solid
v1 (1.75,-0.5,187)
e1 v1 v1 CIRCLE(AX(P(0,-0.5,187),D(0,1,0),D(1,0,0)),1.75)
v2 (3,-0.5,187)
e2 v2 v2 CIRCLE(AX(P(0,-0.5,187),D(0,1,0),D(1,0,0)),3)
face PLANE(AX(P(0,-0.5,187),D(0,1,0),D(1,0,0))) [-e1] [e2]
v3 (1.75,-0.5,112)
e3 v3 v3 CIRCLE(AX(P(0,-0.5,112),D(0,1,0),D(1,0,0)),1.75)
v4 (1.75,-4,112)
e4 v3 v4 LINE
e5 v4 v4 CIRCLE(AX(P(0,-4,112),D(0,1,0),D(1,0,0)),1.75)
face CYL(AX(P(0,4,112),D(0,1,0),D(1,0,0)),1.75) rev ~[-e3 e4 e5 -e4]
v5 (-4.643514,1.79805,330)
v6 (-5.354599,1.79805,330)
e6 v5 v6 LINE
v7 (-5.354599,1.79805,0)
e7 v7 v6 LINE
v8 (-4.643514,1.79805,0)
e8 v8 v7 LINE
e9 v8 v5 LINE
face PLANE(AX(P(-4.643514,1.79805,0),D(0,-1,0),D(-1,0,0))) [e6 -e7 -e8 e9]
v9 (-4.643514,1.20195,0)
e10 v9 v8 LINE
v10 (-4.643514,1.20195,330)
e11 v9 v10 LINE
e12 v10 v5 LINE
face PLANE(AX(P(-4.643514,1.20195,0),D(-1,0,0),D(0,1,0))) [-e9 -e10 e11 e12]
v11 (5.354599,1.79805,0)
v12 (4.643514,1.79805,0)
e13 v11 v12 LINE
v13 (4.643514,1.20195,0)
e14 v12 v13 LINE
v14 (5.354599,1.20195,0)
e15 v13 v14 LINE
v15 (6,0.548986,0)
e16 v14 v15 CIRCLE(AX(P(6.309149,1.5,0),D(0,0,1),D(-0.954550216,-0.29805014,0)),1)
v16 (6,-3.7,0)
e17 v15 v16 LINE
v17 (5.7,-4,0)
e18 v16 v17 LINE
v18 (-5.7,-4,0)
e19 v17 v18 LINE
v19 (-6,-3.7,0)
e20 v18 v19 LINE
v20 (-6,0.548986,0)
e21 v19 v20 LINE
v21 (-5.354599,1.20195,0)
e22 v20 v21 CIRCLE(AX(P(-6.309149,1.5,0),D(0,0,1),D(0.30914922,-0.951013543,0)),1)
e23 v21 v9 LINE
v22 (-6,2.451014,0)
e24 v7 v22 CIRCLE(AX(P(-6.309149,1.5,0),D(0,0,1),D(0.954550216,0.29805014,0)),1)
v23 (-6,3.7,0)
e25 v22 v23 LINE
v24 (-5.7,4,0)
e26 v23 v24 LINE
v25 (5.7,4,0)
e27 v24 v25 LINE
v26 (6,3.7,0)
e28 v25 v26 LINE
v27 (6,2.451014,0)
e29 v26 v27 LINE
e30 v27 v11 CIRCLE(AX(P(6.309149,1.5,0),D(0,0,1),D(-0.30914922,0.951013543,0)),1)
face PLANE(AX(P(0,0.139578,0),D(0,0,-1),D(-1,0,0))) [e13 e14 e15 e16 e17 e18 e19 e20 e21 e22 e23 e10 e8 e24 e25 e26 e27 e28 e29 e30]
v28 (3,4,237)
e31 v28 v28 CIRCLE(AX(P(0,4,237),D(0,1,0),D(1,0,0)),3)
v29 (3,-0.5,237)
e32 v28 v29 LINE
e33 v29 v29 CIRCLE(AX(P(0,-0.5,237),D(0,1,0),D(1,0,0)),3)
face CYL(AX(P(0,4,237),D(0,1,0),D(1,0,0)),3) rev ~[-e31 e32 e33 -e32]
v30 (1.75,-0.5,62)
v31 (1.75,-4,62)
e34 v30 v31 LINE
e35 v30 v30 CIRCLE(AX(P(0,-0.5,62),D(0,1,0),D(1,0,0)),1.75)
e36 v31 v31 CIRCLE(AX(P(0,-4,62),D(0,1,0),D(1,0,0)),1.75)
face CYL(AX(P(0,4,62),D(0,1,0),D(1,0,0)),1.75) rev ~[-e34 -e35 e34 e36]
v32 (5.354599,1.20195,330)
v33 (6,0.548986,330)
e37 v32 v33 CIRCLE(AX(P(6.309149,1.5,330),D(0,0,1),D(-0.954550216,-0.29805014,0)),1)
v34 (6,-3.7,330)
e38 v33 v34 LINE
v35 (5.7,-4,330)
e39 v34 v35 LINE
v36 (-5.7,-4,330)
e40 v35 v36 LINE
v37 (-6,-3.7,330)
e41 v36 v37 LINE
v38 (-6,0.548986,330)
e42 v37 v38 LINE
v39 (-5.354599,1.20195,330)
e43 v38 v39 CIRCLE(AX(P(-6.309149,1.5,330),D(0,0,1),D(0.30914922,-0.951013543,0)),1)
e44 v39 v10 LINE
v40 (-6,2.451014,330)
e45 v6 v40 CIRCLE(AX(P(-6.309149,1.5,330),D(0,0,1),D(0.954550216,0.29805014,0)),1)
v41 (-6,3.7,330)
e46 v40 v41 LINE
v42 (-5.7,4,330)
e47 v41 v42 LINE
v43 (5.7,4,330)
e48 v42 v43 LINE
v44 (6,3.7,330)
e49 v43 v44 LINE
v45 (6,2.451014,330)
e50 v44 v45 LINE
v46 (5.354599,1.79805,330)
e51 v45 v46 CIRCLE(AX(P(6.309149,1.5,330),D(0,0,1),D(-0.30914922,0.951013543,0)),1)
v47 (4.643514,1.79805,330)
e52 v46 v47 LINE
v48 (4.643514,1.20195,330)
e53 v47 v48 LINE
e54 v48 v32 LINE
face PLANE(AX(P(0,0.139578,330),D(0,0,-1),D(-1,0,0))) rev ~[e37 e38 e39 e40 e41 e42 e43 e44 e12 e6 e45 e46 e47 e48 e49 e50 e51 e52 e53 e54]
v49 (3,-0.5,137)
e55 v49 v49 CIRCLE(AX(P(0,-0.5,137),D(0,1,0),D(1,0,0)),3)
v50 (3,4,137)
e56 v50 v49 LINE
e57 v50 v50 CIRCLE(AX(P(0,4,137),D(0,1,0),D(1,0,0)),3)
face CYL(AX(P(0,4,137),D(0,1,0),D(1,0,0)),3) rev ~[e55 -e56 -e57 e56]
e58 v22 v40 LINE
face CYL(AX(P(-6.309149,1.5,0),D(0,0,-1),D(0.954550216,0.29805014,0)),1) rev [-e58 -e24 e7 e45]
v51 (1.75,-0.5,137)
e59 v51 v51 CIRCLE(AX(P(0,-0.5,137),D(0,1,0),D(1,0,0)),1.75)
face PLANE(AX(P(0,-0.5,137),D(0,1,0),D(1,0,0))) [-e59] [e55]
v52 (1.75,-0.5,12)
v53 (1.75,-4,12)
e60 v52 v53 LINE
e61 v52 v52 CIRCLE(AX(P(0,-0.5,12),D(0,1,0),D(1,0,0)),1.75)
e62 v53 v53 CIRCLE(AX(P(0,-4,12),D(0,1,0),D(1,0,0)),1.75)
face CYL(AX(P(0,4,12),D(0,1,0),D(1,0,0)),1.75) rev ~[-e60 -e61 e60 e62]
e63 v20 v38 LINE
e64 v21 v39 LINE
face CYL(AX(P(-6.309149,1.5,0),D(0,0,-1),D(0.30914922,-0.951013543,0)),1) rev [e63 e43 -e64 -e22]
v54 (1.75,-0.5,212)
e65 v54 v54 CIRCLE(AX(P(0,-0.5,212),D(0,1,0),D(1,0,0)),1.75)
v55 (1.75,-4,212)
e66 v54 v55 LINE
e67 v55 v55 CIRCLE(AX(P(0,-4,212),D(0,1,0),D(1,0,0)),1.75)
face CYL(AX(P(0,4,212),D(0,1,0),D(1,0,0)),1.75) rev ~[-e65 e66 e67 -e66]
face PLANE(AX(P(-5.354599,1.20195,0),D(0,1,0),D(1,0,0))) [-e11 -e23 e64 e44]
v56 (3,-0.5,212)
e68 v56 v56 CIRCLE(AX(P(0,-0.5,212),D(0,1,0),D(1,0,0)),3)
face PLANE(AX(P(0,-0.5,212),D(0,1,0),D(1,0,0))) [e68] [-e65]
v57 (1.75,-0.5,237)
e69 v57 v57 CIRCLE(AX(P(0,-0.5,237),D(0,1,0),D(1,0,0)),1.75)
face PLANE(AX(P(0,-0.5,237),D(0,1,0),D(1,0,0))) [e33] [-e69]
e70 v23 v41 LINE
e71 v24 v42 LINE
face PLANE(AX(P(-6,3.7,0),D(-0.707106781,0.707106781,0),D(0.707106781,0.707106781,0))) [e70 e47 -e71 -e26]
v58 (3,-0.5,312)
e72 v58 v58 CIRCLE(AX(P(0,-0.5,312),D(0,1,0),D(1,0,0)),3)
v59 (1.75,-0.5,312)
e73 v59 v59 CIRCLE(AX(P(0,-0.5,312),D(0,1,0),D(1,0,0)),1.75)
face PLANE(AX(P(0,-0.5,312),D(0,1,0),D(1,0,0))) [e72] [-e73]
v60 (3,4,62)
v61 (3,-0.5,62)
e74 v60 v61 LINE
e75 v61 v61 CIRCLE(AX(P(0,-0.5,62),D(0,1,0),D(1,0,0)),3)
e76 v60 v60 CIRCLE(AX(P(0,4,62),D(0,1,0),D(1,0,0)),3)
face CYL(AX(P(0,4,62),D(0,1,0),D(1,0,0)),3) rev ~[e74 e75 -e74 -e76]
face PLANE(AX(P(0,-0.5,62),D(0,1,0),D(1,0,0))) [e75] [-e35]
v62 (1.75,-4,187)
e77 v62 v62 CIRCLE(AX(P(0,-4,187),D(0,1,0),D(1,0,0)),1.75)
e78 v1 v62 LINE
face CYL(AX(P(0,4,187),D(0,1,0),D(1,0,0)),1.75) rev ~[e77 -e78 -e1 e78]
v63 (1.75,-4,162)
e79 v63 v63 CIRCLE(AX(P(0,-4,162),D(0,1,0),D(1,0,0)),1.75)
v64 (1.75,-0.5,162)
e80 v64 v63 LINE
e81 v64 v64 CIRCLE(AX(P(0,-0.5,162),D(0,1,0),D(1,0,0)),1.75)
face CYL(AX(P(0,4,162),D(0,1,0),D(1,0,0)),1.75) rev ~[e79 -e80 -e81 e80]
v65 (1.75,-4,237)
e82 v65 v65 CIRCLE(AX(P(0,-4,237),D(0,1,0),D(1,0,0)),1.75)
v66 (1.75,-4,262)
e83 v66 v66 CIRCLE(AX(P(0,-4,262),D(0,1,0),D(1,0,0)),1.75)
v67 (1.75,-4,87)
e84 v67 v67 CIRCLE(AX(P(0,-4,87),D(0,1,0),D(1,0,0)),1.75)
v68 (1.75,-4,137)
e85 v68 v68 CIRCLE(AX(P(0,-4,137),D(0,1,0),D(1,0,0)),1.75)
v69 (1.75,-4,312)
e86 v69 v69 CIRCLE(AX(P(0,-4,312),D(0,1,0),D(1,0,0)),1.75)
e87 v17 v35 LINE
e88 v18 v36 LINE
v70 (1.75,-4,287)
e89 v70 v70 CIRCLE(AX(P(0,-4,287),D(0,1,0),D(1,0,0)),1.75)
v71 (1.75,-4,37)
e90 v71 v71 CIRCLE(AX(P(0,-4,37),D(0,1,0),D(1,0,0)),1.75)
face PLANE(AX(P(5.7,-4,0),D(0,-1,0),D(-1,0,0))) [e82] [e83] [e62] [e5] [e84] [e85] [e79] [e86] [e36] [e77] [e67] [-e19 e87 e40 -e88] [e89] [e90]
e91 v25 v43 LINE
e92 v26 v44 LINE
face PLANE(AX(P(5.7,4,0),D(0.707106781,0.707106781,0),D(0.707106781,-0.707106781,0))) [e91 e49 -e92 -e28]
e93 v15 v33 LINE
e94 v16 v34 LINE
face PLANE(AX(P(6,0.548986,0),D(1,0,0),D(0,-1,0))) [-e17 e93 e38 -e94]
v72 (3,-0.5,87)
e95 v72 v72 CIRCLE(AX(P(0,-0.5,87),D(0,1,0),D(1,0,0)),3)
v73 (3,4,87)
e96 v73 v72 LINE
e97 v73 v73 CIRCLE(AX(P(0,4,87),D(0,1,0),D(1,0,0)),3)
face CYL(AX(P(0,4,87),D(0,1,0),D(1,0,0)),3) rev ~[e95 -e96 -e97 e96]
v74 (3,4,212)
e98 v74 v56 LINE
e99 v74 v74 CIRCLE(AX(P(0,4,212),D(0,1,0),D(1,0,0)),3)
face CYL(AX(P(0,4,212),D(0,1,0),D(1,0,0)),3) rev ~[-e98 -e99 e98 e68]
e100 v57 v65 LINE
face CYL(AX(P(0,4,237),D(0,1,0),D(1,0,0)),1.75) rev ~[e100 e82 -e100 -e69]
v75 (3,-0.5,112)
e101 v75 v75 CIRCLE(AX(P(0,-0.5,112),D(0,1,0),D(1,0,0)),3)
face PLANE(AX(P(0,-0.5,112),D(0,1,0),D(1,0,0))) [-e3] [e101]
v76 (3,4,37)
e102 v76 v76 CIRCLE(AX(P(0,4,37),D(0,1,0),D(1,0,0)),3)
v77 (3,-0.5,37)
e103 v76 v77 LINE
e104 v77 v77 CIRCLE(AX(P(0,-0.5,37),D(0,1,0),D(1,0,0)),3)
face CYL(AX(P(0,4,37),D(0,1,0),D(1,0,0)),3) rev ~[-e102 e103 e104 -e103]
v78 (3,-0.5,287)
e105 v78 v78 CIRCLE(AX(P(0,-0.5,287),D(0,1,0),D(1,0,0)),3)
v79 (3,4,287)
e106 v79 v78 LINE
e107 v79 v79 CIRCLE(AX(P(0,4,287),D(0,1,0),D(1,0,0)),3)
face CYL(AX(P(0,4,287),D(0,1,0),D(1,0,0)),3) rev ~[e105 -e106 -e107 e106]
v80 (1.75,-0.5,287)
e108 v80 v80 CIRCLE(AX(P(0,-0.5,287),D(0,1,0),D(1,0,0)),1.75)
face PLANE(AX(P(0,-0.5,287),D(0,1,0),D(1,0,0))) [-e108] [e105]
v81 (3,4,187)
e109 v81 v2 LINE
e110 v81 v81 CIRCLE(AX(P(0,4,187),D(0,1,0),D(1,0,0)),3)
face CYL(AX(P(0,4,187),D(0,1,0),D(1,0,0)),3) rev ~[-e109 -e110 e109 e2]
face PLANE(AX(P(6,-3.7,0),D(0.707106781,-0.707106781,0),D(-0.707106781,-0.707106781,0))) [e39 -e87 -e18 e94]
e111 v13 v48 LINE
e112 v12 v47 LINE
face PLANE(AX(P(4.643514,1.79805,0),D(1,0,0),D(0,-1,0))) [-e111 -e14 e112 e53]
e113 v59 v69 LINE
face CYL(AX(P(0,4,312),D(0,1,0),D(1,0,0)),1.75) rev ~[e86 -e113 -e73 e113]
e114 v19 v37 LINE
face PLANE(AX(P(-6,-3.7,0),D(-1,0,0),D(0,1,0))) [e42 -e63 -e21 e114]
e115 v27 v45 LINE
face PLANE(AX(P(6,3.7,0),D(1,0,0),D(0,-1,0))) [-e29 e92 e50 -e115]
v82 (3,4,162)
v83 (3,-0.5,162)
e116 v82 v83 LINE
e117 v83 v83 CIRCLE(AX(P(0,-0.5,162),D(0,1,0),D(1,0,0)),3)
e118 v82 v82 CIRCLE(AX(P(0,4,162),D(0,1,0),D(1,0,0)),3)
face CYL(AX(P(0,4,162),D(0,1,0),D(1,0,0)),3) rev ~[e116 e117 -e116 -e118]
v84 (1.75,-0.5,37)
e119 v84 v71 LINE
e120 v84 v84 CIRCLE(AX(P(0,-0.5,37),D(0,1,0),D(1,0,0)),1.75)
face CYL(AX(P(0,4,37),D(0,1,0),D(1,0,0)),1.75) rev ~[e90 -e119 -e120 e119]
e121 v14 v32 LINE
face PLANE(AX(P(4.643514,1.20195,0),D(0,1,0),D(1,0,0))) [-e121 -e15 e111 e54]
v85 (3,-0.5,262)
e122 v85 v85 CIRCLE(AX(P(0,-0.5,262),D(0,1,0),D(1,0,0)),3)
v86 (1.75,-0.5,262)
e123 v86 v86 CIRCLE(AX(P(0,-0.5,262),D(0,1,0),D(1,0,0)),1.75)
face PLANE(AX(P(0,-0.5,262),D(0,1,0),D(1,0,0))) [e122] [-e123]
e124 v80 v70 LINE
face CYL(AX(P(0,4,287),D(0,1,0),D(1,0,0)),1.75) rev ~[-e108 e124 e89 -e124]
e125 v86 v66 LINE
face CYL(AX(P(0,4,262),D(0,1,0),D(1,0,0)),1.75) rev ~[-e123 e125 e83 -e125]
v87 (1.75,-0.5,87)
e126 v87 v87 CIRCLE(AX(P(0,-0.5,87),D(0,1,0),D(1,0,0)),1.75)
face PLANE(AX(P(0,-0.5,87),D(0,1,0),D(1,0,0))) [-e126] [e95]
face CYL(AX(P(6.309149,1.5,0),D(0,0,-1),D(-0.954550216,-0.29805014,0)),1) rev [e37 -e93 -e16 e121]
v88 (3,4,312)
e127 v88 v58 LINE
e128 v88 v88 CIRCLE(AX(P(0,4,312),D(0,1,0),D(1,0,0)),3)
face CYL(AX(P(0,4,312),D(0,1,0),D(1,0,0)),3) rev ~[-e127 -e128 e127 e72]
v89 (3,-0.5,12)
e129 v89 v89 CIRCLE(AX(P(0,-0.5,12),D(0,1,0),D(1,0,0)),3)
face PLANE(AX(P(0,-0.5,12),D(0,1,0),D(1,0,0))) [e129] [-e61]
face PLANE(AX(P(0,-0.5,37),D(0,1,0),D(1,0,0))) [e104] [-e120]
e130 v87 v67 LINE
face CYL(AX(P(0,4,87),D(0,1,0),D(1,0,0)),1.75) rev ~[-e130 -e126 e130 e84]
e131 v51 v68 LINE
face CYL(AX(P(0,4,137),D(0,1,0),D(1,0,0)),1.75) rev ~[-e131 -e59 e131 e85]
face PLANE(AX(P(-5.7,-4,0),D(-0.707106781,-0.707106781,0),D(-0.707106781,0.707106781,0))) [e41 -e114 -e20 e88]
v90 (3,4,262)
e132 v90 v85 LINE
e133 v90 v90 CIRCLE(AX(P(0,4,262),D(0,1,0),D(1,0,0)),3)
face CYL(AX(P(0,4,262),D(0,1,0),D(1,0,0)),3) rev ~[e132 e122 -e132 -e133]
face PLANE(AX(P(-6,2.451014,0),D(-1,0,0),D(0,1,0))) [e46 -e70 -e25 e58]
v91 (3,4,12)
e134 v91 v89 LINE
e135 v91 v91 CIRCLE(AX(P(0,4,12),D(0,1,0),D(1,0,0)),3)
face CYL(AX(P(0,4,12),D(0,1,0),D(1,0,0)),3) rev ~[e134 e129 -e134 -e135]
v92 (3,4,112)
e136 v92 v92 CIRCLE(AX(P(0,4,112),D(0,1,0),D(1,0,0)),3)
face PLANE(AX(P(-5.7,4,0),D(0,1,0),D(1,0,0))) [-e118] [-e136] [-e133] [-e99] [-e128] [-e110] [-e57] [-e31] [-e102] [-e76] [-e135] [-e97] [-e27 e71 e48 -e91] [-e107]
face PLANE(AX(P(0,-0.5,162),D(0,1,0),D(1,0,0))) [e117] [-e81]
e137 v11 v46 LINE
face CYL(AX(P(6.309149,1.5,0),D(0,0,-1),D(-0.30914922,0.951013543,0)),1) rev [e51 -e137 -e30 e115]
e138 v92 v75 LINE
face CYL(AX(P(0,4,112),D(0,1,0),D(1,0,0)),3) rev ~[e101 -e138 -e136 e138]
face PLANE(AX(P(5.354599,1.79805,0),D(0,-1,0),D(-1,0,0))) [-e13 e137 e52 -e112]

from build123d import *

# Parameters (mm, degrees)
EXTRUDE_1_DEPTH        = 330
SKETCH_2_R             = 3
SKETCH_2_R_2           = 1.75
CUT_EXTRUDE_1_DEPTH    = 4.5
SKETCH_2_2_R           = 1.75
CUT_EXTRUDE_2_DEPTH    = 9
PATTERN_LINEAR_1_COUNT = 16
PATTERN_LINEAR_1_PITCH = 25


with BuildPart() as part:
    # Эскиз1 → Бобышка-Вытянуть1 (new body)
    with BuildSketch(Plane.XY):
        with BuildLine():
            Line((-6, 3.7), (-5.7, 4))
            Line((-5.7, 4), (5.7, 4))
            Line((5.7, 4), (6, 3.7))
            Line((6, 3.7), (6, 2.451013544))
            ThreePointArc((6, 2.451013544), (5.597935912, 2.202976267), (5.354599002, 1.798050138))
            Line((5.354599002, 1.798050138), (4.643514056, 1.798050138))
            Line((4.643514056, 1.798050138), (4.643514056, 1.201949862))
            Line((4.643514056, 1.201949862), (5.354599002, 1.201949862))
            ThreePointArc((5.354599002, 1.201949862), (5.597935912, 0.797023733), (6, 0.548986456))
            Line((6, 0.548986456), (6, -3.7))
            Line((6, -3.7), (5.7, -4))
            Line((5.7, -4), (-5.7, -4))
            Line((-5.7, -4), (-6, -3.7))
            Line((-6, -3.7), (-6, 0.548986456))
            ThreePointArc((-6, 0.548986456), (-5.597935912, 0.797023733), (-5.354599002, 1.201949862))
            Line((-5.354599002, 1.201949862), (-4.643514056, 1.201949862))
            Line((-4.643514056, 1.201949862), (-4.643514056, 1.798050138))
            Line((-4.643514056, 1.798050138), (-5.354599002, 1.798050138))
            ThreePointArc((-5.354599002, 1.798050138), (-5.597935912, 2.202976267), (-6, 2.451013544))
            Line((-6, 2.451013544), (-6, 3.7))
        make_face()
    extrude(amount=EXTRUDE_1_DEPTH)

    # Эскиз2 → Вырез-Вытянуть1 (cut)
    with BuildSketch(Plane(origin=(0, 4, 0), x_dir=(1, 0, 0), z_dir=(0, 1, 0))):
        with Locations((0, -12)):
            Circle(SKETCH_2_R)
        with Locations((0, -12)):
            Circle(SKETCH_2_R_2, mode=Mode.SUBTRACT)
    cut_extrude_1 = extrude(amount=-CUT_EXTRUDE_1_DEPTH, mode=Mode.SUBTRACT)

    # Эскиз2<2> → Вырез-Вытянуть2 (cut, through all)
    with BuildSketch(Plane(origin=(0, 4, 0), x_dir=(1, 0, 0), z_dir=(0, 1, 0))):
        with Locations((0, -12)):
            Circle(SKETCH_2_2_R)
    cut_extrude_2 = extrude(amount=-CUT_EXTRUDE_2_DEPTH, mode=Mode.SUBTRACT)

    # Линейный массив1: Вырез-Вытянуть1, Вырез-Вытянуть2 ×16
    with Locations(*[(0, 0, i * PATTERN_LINEAR_1_PITCH) for i in range(1, PATTERN_LINEAR_1_COUNT)]):
        add(cut_extrude_1, mode=Mode.SUBTRACT)
        add(cut_extrude_2, mode=Mode.SUBTRACT)


solid = part.part
